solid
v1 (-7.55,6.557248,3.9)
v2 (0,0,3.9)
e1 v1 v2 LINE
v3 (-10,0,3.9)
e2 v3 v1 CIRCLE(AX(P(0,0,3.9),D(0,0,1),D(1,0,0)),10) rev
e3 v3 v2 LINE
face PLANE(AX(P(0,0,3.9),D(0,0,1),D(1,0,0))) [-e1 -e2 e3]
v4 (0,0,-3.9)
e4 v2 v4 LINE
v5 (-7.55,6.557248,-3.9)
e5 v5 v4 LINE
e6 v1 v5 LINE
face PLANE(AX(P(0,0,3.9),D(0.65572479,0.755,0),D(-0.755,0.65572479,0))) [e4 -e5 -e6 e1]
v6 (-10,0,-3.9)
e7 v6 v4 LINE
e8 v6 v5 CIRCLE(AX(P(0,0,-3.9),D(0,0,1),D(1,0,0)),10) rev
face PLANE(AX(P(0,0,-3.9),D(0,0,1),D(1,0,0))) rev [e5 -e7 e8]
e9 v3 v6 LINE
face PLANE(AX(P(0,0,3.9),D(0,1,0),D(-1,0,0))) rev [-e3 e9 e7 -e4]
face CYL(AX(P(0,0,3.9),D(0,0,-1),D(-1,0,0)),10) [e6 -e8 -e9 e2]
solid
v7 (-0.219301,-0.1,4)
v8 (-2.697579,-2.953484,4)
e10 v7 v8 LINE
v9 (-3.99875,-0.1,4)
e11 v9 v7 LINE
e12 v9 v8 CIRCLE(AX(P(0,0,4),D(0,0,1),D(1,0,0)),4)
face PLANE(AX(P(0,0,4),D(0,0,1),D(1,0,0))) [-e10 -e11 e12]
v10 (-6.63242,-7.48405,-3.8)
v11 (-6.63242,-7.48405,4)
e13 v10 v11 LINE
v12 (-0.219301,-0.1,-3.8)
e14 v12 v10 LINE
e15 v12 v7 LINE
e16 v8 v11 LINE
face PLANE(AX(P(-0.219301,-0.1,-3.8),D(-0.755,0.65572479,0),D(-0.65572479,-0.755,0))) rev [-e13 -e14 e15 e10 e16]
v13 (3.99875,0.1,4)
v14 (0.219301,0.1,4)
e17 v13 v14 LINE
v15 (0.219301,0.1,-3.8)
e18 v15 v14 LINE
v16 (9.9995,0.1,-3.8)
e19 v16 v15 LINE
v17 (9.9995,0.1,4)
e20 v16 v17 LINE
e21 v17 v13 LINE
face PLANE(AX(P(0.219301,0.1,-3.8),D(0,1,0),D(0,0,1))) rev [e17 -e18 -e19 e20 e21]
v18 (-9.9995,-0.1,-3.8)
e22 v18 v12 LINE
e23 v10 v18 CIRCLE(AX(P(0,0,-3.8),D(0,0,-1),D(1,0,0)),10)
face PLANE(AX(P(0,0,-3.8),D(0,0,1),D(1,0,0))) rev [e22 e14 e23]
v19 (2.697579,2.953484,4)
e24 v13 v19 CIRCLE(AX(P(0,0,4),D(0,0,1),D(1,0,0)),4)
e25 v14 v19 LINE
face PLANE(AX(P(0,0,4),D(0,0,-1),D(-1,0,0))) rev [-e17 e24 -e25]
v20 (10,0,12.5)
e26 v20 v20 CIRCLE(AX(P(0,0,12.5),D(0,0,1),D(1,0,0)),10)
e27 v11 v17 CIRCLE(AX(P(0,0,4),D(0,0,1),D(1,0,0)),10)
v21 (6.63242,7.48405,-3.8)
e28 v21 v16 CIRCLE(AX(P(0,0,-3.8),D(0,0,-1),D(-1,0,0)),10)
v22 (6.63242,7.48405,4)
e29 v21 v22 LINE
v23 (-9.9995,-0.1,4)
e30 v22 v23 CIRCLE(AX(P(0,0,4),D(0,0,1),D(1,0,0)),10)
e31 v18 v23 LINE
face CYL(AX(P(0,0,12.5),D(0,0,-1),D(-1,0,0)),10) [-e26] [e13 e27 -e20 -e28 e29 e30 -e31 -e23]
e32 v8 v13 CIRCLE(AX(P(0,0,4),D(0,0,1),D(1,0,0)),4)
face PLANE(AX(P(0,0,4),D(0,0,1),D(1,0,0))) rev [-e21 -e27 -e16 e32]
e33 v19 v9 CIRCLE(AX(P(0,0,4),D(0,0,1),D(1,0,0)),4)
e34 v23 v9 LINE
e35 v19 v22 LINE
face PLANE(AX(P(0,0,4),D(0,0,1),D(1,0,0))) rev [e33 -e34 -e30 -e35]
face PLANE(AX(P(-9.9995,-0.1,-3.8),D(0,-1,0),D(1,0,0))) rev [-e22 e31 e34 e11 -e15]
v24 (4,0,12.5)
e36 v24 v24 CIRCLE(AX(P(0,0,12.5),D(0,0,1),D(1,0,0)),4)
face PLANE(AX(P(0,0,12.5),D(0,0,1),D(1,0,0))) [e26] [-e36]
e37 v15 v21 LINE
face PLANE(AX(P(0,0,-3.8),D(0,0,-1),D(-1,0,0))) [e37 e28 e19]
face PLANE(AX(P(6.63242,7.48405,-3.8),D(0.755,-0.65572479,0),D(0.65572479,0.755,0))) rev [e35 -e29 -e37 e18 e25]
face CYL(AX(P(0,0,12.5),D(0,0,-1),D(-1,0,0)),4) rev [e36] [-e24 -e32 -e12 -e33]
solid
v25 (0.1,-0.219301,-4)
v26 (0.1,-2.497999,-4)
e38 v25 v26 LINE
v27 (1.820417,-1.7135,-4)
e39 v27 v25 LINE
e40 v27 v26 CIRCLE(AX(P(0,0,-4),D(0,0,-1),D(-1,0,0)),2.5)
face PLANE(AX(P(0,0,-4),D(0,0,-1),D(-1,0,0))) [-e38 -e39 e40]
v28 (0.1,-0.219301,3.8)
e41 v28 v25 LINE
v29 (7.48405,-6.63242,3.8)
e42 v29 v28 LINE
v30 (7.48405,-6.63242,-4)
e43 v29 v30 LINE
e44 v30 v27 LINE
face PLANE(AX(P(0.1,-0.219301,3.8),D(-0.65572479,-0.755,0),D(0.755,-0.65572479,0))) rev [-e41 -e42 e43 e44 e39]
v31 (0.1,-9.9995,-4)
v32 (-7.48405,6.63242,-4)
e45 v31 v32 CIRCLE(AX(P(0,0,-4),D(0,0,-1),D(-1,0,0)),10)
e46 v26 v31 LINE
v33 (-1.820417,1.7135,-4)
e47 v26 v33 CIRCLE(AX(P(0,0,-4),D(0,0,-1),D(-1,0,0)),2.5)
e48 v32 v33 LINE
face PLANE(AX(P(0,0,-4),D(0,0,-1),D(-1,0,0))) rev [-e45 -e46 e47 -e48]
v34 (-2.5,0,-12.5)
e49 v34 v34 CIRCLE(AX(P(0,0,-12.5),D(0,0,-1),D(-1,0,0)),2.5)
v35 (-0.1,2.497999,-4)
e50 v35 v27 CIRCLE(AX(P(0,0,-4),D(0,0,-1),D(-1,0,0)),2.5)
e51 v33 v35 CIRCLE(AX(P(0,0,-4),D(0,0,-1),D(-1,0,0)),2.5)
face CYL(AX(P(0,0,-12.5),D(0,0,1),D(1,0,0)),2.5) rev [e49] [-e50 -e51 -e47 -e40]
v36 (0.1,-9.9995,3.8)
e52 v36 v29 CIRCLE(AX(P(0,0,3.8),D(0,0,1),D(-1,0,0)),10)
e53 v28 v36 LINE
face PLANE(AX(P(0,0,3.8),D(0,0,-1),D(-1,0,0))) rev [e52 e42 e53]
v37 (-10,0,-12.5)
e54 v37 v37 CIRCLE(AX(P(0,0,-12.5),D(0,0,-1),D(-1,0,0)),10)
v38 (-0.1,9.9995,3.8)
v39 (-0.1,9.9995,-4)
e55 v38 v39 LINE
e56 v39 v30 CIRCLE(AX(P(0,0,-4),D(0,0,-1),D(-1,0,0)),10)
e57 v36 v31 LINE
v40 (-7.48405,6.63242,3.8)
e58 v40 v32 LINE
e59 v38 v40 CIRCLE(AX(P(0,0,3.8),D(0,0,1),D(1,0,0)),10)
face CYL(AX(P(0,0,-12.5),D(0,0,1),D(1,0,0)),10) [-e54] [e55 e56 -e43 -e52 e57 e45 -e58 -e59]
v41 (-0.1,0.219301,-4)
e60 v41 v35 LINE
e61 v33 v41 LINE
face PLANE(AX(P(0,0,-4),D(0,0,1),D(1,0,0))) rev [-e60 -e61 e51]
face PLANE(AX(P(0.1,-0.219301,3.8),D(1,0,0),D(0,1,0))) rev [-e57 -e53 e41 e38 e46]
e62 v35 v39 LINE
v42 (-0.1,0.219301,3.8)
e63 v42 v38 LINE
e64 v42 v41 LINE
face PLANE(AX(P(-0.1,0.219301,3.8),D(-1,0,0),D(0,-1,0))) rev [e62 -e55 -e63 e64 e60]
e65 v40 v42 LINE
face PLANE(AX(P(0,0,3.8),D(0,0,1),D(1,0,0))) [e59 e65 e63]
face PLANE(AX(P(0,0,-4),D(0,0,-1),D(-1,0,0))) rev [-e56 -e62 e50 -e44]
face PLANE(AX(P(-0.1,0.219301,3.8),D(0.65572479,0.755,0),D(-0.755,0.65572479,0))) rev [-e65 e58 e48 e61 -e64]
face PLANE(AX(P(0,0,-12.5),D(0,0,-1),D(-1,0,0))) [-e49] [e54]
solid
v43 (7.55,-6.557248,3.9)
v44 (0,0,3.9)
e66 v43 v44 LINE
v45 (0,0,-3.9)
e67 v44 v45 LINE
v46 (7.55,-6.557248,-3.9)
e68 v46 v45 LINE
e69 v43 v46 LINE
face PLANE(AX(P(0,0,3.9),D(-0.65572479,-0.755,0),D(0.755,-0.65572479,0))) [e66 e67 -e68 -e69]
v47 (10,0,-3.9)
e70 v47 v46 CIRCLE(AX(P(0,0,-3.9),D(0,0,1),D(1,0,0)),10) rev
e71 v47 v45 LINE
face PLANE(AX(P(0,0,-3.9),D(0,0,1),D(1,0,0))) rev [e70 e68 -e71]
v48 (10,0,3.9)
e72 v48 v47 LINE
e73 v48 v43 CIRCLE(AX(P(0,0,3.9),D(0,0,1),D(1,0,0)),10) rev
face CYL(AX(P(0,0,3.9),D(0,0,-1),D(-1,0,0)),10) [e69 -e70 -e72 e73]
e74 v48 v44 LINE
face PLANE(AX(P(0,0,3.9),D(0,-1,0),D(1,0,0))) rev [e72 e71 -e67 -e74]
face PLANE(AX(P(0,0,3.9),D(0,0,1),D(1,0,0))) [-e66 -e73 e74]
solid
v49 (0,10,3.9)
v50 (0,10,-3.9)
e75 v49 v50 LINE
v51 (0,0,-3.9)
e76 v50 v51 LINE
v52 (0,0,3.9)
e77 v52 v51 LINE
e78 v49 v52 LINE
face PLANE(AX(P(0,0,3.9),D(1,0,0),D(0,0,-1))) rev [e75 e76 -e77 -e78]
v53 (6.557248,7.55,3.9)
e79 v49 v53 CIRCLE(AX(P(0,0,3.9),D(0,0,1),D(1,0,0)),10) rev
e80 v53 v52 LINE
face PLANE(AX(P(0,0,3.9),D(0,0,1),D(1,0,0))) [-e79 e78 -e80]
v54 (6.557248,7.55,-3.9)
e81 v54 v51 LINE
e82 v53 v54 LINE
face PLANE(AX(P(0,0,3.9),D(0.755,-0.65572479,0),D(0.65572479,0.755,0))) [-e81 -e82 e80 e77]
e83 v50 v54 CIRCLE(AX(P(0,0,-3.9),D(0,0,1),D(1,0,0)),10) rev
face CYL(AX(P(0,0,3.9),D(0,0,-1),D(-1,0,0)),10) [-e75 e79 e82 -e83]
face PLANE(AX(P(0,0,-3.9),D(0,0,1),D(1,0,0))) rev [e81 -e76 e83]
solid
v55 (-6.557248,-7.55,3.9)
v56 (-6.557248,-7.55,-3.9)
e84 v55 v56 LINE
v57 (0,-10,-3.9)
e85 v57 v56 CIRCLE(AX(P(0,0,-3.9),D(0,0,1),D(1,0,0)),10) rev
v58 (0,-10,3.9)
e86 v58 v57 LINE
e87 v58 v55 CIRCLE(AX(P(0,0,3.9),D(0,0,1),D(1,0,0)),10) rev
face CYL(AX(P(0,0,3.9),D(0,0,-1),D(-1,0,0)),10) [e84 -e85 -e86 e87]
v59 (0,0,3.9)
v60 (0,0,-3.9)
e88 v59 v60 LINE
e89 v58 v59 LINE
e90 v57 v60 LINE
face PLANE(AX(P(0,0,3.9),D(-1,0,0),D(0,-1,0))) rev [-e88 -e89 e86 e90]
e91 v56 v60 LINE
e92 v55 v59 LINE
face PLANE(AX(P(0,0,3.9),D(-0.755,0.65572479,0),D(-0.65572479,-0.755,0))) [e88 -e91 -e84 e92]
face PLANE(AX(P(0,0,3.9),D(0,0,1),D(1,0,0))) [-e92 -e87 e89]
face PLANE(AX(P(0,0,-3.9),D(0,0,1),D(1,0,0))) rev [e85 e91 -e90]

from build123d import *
from build123d.topology import SkipClean

# Parameters (mm, degrees)
BOSS_EXTRUDE1_DEPTH   = 3.9
BOSS_EXTRUDE1_2_DEPTH = 3.9
BOSS_EXTRUDE1_3_DEPTH = 3.9
BOSS_EXTRUDE1_4_DEPTH = 3.9
SKETCH2_R             = 10
SKETCH2_R_2           = 4
BOSS_EXTRUDE2_DEPTH   = 8.5
BOSS_EXTRUDE3_DEPTH   = 7.8
SKETCH4_R             = 10
SKETCH4_R_2           = 2.5
BOSS_EXTRUDE5_DEPTH   = 8.5
BOSS_EXTRUDE6_START   = 7.8
BOSS_EXTRUDE6_DEPTH   = 7.8


with BuildPart() as part:
    # Sketch1 → Boss-Extrude1 (new, symmetric)
    with BuildSketch(Plane.XY):
        with BuildLine():
            ThreePointArc((0, 10), (3.5, 9.367496998), (6.557247898, 7.55))
            Line((6.557247898, 7.55), (0, 0))
            Line((0, 0), (0, 10))
        make_face()
    extrude(amount=BOSS_EXTRUDE1_DEPTH, both=True)


with BuildPart() as body_2:
    # Sketch1 → Boss-Extrude1 2 (new, symmetric)
    with BuildSketch(Plane.XY):
        with BuildLine():
            ThreePointArc((10, 0), (9.367496998, -3.5), (7.55, -6.557247898))
            Line((7.55, -6.557247898), (0, 0))
            Line((0, 0), (10, 0))
        make_face()
    extrude(amount=BOSS_EXTRUDE1_2_DEPTH, both=True)


with BuildPart() as body_3:
    # Sketch1 → Boss-Extrude1 3 (new, symmetric)
    with BuildSketch(Plane.XY):
        with BuildLine():
            ThreePointArc((0, -10), (-3.5, -9.367496998), (-6.557247898, -7.55))
            Line((-6.557247898, -7.55), (0, 0))
            Line((0, 0), (0, -10))
        make_face()
    extrude(amount=BOSS_EXTRUDE1_3_DEPTH, both=True)


with BuildPart() as body_4:
    # Sketch1 → Boss-Extrude1 4 (new, symmetric)
    with BuildSketch(Plane.XY):
        with BuildLine():
            ThreePointArc((-10, 0), (-9.367496998, 3.5), (-7.55, 6.557247898))
            Line((-7.55, 6.557247898), (0, 0))
            Line((0, 0), (-10, 0))
        make_face()
    extrude(amount=BOSS_EXTRUDE1_4_DEPTH, both=True)


with BuildPart() as body_5:
    # Sketch2 → Boss-Extrude2 (new body)
    with BuildSketch(Plane.XY.offset(4)):
        Circle(SKETCH2_R)
        Circle(SKETCH2_R_2, mode=Mode.SUBTRACT)
    extrude(amount=BOSS_EXTRUDE2_DEPTH)

    # Sketch3 → Boss-Extrude3 (add)
    with SkipClean():  # the faces are left unmerged after this step: merging them gives an invalid solid
        with BuildSketch(Plane(origin=(0, 0, 4), x_dir=(-1, 0, 0), z_dir=(0, 0, -1))):
            with BuildLine():
                Line((-6.632420028, 7.484050012), (-0.219301297, 0.1))
                Line((-0.219301297, 0.1), (-9.999499987, 0.1))
                ThreePointArc((-9.999499987, 0.1), (-9.098694384, 4.148946916), (-6.632420028, 7.484050012))
            make_face()
            with BuildLine():
                Line((9.999499987, -0.1), (0.219301297, -0.1))
                Line((0.219301297, -0.1), (6.632420028, -7.484050012))
                ThreePointArc((6.632420028, -7.484050012), (9.098694384, -4.148946916), (9.999499987, -0.1))
            make_face()
        extrude(amount=BOSS_EXTRUDE3_DEPTH)


with BuildPart() as body_6:
    # Sketch4 → Boss-Extrude5 (new body)
    with BuildSketch(Plane(origin=(0, 0, -4), x_dir=(-1, 0, 0), z_dir=(0, 0, -1))):
        Circle(SKETCH4_R)
        Circle(SKETCH4_R_2, mode=Mode.SUBTRACT)
    extrude(amount=BOSS_EXTRUDE5_DEPTH)

    # Sketch5 → Boss-Extrude6 (add)
    with BuildSketch(Plane.XY.offset(-4).offset(BOSS_EXTRUDE6_START)):
        with BuildLine():
            Line((0.1, -0.219301297), (7.484050012, -6.632420028))
            ThreePointArc((7.484050012, -6.632420028), (4.148946916, -9.098694384), (0.1, -9.999499987))
            Line((0.1, -9.999499987), (0.1, -0.219301297))
        make_face()
        with BuildLine():
            Line((-0.1, 0.219301297), (-7.484050012, 6.632420028))
            ThreePointArc((-7.484050012, 6.632420028), (-4.148946916, 9.098694384), (-0.1, 9.999499987))
            Line((-0.1, 9.999499987), (-0.1, 0.219301297))
        make_face()
    extrude(amount=-BOSS_EXTRUDE6_DEPTH)


solid = Compound([part.part, body_2.part, body_3.part, body_4.part, body_5.part, body_6.part])
